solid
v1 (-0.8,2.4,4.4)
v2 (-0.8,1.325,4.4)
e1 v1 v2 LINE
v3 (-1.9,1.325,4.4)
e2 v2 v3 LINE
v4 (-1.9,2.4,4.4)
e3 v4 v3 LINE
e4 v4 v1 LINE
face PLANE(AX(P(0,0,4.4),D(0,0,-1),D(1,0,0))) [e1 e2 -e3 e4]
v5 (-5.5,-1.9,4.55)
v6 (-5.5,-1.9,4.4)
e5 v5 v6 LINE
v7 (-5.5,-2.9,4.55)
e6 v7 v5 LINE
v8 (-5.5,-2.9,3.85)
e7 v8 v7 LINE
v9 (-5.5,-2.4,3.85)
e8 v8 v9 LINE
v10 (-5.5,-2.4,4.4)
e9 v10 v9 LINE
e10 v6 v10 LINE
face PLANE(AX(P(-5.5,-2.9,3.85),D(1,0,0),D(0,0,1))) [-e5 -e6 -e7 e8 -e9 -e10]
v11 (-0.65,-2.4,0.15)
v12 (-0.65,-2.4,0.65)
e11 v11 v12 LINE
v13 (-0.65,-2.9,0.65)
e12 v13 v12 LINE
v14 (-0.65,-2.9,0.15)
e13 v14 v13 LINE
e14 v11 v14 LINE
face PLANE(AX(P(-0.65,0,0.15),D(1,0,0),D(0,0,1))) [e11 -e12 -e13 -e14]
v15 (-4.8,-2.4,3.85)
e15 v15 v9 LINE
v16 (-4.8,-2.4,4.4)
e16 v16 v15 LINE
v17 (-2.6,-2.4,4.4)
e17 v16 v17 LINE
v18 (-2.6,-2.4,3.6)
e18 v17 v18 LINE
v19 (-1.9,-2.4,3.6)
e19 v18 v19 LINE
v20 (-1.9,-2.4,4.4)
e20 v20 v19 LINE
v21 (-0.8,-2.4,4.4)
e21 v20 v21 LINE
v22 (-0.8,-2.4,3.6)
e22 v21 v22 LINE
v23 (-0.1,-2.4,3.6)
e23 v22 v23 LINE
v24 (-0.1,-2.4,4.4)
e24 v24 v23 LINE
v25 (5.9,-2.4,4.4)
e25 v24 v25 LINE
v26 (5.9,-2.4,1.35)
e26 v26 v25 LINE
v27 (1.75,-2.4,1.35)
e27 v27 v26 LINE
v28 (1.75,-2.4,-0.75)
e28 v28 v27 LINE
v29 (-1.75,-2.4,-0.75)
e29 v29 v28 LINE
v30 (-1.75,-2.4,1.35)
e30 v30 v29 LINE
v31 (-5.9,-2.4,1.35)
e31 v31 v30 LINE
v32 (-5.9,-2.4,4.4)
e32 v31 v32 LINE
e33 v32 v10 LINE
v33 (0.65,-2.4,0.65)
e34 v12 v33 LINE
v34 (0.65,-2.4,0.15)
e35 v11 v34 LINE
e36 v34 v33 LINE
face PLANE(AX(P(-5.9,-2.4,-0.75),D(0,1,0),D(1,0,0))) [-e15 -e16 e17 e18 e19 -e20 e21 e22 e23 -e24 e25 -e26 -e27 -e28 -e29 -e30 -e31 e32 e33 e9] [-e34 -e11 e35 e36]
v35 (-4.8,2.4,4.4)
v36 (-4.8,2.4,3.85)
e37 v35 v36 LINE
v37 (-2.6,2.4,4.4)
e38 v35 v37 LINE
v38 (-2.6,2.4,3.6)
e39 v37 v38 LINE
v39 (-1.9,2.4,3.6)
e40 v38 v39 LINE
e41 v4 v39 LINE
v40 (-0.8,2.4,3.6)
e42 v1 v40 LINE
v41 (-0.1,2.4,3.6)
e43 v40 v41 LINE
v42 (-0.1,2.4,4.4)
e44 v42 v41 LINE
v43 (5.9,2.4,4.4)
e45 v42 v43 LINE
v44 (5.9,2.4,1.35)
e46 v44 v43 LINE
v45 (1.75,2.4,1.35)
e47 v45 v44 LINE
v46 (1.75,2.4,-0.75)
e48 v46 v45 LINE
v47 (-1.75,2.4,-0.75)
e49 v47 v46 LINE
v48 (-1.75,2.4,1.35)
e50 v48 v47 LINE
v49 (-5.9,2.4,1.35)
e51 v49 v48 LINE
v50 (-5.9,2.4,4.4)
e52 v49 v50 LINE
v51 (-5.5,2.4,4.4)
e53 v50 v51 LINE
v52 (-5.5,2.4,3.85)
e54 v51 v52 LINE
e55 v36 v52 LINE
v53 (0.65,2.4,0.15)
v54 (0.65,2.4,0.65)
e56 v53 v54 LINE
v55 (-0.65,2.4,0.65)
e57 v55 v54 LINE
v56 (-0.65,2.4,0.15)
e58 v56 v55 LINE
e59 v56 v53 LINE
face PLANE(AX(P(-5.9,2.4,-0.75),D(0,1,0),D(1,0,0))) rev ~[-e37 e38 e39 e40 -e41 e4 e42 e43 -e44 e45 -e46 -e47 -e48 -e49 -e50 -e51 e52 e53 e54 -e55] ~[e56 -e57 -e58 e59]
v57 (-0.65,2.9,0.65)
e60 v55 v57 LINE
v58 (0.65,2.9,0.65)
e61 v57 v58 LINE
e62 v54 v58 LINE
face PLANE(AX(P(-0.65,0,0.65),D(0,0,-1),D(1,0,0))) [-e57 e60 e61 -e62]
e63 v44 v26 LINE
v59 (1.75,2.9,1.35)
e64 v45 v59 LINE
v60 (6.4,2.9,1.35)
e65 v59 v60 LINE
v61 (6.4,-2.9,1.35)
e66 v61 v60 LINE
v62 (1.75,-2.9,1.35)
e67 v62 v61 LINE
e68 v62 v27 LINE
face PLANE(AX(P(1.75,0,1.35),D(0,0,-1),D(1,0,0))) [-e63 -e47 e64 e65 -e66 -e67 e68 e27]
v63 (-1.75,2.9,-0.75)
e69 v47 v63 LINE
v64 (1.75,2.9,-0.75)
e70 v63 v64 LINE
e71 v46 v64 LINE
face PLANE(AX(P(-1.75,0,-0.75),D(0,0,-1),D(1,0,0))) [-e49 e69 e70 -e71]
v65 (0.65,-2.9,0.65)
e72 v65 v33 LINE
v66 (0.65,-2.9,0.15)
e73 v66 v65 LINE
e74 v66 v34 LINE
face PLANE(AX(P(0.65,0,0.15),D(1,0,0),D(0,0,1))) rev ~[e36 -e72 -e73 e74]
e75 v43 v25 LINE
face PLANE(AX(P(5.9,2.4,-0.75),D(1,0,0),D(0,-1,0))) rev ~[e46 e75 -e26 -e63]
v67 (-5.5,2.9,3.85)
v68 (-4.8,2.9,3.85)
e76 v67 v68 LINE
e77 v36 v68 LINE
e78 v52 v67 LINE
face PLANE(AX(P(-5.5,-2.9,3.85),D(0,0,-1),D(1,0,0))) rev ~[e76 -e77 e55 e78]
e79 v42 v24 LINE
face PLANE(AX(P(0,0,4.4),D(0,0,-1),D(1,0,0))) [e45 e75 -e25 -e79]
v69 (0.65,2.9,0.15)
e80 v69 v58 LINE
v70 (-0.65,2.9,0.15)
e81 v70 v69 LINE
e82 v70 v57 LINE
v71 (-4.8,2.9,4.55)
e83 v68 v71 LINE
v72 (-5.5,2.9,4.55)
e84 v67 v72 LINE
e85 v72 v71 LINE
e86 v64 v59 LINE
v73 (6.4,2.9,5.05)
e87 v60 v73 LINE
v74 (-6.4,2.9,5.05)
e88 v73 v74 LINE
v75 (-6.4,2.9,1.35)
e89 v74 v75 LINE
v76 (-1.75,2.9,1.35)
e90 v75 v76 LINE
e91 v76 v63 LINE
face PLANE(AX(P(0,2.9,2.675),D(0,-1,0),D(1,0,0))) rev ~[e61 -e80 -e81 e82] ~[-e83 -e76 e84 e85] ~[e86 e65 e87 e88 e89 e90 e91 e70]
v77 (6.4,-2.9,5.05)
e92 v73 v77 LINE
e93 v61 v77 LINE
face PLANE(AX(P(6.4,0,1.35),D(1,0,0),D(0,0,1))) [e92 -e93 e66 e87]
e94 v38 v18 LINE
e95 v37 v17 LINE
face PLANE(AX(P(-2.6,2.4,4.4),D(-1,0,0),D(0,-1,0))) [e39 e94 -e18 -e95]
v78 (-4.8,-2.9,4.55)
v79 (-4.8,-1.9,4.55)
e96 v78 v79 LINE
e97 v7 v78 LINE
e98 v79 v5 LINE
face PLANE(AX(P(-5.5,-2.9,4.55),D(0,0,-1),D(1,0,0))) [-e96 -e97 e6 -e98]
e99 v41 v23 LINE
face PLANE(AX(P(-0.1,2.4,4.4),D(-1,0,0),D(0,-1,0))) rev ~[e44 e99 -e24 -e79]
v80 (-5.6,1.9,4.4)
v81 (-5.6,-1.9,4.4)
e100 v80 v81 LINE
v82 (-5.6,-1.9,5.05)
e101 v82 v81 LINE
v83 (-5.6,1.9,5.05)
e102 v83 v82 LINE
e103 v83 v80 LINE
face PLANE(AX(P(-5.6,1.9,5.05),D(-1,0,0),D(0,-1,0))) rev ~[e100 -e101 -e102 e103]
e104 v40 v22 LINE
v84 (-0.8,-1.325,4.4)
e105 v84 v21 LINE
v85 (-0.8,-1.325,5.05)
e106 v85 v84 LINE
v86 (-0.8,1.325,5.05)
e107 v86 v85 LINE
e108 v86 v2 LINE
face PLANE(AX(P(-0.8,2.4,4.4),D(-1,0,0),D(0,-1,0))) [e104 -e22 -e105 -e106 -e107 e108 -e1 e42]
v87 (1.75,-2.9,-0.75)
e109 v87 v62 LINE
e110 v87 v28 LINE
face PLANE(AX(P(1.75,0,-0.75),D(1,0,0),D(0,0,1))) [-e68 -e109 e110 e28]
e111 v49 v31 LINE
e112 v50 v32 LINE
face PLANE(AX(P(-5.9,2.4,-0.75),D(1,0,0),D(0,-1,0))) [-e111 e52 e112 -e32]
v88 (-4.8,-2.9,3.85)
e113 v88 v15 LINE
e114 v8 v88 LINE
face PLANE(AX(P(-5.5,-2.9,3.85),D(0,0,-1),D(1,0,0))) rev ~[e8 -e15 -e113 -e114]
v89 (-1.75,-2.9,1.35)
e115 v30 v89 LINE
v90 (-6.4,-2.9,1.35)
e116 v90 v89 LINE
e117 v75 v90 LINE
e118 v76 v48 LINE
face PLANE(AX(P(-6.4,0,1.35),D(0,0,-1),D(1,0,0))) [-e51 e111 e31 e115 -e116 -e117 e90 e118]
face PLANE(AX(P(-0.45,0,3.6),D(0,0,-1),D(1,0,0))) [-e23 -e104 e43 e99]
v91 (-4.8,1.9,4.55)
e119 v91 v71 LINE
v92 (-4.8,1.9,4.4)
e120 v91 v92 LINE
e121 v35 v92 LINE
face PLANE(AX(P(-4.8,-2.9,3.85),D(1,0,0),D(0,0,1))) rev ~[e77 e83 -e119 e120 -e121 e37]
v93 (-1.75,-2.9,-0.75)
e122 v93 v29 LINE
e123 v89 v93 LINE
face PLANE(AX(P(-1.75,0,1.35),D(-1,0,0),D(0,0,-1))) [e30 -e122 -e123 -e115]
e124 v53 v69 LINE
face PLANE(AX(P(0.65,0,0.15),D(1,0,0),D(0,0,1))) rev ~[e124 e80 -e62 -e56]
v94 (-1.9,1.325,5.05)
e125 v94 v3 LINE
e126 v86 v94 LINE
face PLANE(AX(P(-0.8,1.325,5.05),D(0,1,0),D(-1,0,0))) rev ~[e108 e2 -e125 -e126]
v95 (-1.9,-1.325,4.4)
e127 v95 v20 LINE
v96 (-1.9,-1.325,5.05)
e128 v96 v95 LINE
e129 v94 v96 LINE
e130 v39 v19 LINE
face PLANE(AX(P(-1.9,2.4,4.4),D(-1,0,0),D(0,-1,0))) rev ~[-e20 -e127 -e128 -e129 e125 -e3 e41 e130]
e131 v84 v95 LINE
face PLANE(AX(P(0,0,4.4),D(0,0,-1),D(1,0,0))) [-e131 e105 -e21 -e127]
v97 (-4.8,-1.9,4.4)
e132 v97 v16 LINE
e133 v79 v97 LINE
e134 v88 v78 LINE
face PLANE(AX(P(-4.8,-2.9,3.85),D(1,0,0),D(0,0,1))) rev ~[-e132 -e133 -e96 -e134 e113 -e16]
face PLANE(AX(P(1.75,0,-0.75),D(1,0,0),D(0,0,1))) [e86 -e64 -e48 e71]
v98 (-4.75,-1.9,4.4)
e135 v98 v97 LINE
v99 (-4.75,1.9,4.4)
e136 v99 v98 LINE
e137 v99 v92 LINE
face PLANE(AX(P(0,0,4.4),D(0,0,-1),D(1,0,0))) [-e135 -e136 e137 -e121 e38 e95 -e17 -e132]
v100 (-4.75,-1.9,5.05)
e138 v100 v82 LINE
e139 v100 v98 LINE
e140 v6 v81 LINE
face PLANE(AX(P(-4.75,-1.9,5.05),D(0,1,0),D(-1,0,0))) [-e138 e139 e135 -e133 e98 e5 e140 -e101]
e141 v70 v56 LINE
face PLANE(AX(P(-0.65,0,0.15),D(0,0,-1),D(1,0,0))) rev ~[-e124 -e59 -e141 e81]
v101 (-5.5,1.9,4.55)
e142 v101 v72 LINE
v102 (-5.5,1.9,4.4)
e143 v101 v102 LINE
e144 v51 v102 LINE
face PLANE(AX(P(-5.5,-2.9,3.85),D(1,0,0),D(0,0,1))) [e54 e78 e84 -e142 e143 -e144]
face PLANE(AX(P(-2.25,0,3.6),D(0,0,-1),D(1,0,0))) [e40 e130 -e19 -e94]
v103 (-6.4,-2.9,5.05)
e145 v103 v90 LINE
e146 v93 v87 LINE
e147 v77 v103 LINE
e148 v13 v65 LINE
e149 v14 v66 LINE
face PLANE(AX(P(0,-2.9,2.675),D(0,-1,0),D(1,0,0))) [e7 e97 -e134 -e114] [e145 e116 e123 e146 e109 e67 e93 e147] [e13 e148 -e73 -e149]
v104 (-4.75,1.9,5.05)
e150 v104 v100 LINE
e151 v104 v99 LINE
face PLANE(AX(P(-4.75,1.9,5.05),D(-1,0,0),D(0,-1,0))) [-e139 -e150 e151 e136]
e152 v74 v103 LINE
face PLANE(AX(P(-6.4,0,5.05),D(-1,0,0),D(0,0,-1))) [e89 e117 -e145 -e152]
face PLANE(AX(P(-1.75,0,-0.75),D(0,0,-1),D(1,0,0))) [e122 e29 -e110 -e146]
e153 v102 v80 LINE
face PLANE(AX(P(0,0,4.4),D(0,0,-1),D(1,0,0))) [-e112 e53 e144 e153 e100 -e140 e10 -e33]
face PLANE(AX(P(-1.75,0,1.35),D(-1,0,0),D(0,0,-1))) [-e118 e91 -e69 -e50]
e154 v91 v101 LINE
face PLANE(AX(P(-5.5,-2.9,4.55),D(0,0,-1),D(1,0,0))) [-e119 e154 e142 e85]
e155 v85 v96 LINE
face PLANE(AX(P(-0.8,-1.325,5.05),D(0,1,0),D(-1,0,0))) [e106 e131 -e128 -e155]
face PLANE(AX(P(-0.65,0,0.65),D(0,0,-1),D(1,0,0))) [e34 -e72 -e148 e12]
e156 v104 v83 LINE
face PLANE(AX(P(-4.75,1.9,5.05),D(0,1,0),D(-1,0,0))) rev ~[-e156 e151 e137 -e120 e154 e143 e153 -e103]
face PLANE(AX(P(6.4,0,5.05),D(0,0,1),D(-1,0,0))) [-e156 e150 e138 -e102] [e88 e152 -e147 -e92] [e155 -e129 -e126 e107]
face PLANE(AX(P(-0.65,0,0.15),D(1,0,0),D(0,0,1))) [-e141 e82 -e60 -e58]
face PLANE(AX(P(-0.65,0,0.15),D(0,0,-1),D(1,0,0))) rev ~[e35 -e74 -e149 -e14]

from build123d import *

# Parameters (mm, degrees)
SKETCH028_W     = 1.3
SKETCH028_H     = 0.5
PAD004_DEPTH    = 2.9
SKETCH035_W     = 11.8
SKETCH035_H     = 4.8
POCKET013_DEPTH = 5.15
SKETCH036_W     = 1.1
SKETCH036_H     = 2.65
POCKET014_DEPTH = 0.65
SKETCH037_W     = 0.7
SKETCH037_H     = 4.8
PAD028_DEPTH    = 0.8
SKETCH038_W     = 0.85
SKETCH038_H     = 3.8
POCKET015_DEPTH = 0.65
SKETCH039_W     = 0.7
SKETCH039_H     = 0.7
POCKET016_DEPTH = 5.801


with BuildPart() as part:
    # Sketch028 → Pad004 (new body, symmetric)
    with BuildSketch(Plane.XZ):
        Polygon((6.4, 1.35), (6.4, 5.05), (-6.4, 5.05), (-6.4, 1.35), (-1.75, 1.35), (-1.75, -0.75), (1.75, -0.75), (1.75, 1.35), align=None)
        with Locations((0, 0.4)):
            Rectangle(SKETCH028_W, SKETCH028_H, mode=Mode.SUBTRACT)
    extrude(amount=PAD004_DEPTH, both=True)

    # Sketch035 (on Face6 of Pad004) → Pocket013 (cut)
    with BuildSketch(Plane(origin=(0, 0, -0.75), x_dir=(1, 0, 0), z_dir=(0, 0, -1))):
        Rectangle(SKETCH035_W, SKETCH035_H)
    extrude(amount=-POCKET013_DEPTH, mode=Mode.SUBTRACT)

    # Sketch036 (on Face3 of Pocket013) → Pocket014 (cut)
    with BuildSketch(Plane(origin=(0, 0, 5.05), x_dir=(-1, 0, 0), z_dir=(0, 0, 1))):
        with Locations((1.35, 0)):
            Rectangle(SKETCH036_W, SKETCH036_H)
    extrude(amount=-POCKET014_DEPTH, mode=Mode.SUBTRACT)

    # Sketch037 (on Face30 of Pocket014) → Pad028 (join)
    with BuildSketch(Plane(origin=(0, 0, 4.4), x_dir=(1, 0, 0), z_dir=(0, 0, -1))):
        with Locations((-2.25, 0)):
            Rectangle(SKETCH037_W, SKETCH037_H)
        with Locations((-0.45, 0)):
            Rectangle(SKETCH037_W, SKETCH037_H)
    extrude(amount=PAD028_DEPTH)

    # Sketch038 (on Face3 of Pad028) → Pocket015 (cut)
    with BuildSketch(Plane(origin=(0, 0, 5.05), x_dir=(-1, 0, 0), z_dir=(0, 0, 1))):
        with Locations((5.175, 0)):
            Rectangle(SKETCH038_W, SKETCH038_H)
    extrude(amount=-POCKET015_DEPTH, mode=Mode.SUBTRACT)

    # Sketch039 (on Face5 of Pocket015) → Pocket016 (cut, through all)
    with BuildSketch(Plane.XZ.offset(2.9)):
        with Locations((-5.15, 4.2)):
            Rectangle(SKETCH039_W, SKETCH039_H)
    extrude(amount=-POCKET016_DEPTH, mode=Mode.SUBTRACT)


solid = part.part
